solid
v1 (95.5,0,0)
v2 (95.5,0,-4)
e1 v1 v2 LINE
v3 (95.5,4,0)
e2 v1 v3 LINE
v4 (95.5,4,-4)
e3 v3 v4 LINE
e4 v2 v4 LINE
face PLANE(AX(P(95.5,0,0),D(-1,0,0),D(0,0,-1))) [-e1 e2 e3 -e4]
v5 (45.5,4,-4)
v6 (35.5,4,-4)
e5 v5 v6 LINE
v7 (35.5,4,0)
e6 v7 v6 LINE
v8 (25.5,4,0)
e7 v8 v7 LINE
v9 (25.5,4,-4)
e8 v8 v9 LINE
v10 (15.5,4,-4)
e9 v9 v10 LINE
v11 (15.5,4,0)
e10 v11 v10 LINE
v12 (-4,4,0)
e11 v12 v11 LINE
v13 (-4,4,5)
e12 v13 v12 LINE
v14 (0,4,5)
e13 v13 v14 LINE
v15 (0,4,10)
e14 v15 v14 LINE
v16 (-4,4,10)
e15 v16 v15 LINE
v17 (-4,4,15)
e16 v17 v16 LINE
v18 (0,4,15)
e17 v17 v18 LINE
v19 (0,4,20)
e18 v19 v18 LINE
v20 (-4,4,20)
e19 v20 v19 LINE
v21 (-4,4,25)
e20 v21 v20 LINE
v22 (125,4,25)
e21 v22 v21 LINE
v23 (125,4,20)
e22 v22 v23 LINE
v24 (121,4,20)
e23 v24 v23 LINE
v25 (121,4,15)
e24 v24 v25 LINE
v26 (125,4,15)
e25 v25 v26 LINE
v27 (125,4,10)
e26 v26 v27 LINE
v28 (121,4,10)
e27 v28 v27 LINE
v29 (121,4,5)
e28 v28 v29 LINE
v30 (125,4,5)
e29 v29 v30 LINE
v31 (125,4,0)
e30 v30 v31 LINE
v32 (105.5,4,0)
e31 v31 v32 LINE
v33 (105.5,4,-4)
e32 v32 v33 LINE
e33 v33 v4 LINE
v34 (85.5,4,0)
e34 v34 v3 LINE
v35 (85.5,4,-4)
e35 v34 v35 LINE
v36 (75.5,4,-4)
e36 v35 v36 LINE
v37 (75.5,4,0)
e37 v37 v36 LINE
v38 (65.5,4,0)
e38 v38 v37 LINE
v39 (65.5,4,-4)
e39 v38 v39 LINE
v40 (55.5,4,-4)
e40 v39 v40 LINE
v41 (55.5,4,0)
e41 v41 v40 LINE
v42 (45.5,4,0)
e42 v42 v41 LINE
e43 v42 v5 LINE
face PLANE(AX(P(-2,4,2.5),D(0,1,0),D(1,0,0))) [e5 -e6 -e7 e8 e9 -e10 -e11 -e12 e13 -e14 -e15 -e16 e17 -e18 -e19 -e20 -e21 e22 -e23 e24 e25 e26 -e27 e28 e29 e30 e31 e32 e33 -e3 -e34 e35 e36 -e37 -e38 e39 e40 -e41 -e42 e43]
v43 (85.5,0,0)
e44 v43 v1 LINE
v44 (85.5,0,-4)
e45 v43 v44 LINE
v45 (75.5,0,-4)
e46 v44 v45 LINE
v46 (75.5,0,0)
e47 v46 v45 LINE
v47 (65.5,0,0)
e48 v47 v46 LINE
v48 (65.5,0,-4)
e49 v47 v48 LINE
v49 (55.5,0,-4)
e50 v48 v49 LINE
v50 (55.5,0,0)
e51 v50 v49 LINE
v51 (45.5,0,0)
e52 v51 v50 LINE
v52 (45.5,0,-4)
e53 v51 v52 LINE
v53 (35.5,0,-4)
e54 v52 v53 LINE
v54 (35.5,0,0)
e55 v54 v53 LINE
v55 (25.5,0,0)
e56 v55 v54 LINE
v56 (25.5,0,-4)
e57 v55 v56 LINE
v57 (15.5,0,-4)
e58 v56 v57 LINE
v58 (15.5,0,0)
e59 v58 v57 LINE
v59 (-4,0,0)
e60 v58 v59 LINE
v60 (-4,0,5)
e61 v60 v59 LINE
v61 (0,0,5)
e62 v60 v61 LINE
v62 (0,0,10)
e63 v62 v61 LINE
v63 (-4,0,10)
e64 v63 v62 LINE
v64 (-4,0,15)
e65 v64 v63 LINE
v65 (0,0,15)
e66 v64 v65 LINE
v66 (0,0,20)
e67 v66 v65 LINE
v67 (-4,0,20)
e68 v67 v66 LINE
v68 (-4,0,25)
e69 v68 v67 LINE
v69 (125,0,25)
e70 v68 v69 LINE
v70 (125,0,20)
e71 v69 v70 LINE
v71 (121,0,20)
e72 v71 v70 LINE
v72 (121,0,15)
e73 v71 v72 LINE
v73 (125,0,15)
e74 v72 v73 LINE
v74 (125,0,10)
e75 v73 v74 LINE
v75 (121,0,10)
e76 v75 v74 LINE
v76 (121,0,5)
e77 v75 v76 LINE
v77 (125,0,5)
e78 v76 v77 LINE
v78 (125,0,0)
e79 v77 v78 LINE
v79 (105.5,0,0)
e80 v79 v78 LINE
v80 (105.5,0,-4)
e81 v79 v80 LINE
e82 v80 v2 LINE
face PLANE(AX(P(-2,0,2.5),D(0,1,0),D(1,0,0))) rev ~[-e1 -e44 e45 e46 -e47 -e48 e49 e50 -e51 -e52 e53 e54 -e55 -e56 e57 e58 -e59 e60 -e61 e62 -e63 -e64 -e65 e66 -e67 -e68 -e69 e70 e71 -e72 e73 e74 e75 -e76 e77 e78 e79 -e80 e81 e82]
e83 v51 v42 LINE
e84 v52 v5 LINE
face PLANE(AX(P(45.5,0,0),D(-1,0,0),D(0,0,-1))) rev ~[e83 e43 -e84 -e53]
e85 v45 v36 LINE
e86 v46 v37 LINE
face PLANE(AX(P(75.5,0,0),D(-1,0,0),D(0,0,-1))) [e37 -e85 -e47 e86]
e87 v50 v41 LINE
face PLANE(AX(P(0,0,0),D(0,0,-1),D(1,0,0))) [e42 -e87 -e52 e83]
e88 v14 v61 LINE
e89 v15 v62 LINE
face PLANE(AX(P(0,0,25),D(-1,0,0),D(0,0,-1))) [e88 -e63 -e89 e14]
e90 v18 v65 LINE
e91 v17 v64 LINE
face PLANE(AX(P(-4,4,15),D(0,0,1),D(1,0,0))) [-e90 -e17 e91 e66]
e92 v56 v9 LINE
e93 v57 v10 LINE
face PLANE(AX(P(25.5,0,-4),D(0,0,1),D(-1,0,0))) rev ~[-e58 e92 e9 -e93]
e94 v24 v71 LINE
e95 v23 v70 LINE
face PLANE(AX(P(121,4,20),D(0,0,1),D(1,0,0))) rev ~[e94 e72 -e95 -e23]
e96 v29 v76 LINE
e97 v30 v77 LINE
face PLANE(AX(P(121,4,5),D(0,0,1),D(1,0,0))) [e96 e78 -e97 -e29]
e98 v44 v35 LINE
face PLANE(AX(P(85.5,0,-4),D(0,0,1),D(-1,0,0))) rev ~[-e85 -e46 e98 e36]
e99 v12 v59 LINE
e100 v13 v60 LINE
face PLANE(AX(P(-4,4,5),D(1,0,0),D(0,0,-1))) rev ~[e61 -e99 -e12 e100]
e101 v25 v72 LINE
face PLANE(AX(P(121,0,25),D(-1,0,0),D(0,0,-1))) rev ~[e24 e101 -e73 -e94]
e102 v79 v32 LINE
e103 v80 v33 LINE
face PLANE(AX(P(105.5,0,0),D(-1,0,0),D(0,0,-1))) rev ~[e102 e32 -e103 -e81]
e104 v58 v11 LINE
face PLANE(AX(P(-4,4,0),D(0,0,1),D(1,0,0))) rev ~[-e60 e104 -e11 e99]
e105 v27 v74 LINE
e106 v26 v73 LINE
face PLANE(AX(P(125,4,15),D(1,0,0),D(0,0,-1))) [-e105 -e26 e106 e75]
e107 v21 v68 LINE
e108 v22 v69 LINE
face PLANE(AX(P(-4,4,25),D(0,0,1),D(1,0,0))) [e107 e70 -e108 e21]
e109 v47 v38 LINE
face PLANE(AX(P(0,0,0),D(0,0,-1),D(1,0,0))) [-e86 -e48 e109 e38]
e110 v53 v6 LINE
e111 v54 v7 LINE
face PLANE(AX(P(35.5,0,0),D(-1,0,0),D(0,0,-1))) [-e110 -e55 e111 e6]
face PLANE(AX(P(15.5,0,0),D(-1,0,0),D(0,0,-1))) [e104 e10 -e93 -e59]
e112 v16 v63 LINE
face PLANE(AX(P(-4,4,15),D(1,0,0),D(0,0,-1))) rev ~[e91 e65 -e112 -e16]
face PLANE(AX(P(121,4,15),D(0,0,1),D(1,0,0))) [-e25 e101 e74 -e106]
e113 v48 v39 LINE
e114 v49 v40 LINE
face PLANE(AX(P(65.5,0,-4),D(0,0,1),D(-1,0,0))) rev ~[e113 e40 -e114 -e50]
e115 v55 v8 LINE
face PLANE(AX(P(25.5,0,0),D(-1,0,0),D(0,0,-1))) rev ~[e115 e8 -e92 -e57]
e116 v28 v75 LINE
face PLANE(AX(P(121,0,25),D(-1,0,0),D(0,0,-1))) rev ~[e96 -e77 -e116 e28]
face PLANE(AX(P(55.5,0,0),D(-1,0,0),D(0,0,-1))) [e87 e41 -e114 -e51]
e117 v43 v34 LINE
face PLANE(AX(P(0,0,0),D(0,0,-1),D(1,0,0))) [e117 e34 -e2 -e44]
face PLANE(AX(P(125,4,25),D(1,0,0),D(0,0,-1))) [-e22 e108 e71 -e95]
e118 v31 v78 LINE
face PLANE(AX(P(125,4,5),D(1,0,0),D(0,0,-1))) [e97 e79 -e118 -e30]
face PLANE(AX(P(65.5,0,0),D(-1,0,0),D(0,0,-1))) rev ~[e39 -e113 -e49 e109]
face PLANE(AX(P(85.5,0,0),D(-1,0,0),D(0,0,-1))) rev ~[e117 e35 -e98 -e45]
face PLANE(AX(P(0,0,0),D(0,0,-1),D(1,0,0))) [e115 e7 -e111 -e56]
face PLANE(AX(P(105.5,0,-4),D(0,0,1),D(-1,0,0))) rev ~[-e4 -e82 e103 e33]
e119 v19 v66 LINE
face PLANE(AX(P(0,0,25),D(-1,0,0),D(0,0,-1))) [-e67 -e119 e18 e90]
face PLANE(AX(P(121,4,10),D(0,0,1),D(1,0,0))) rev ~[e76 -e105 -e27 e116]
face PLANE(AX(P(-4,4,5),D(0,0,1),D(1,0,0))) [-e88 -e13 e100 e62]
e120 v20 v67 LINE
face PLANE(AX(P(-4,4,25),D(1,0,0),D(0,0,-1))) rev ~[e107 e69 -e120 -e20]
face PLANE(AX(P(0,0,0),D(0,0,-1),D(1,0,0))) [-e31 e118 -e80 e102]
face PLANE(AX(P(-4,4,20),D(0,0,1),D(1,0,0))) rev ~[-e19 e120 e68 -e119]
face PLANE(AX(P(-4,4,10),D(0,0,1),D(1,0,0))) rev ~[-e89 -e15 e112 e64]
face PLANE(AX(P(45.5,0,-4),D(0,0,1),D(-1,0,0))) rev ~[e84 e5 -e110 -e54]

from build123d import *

# Parameters (mm, degrees)
SKETCH1_W           = 121
SKETCH1_H           = 25
BOSS_EXTRUDE1_DEPTH = 4
SKETCH3_W           = 10
SKETCH3_H           = 4
BOSS_EXTRUDE3_DEPTH = 4
LPATTERN2_COUNT     = 3
LPATTERN2_PITCH     = 20
LPATTERN2_COL_COUNT = 3
LPATTERN2_COL_PITCH = 20
SKETCH4_W           = 4
SKETCH4_H           = 5
BOSS_EXTRUDE4_DEPTH = 4
LPATTERN3_COUNT     = 3
LPATTERN3_PITCH     = 10


with BuildPart() as part:
    # Sketch1 → Boss-Extrude1 (new body)
    with BuildSketch(Plane(origin=(0, 0, 0), x_dir=(1, 0, 0), z_dir=(0, 1, 0))):
        with Locations((60.5, -12.5)):
            Rectangle(SKETCH1_W, SKETCH1_H)
    extrude(amount=BOSS_EXTRUDE1_DEPTH)

    # Sketch3 → Boss-Extrude3 (add, through all)
    with BuildSketch(Plane(origin=(0, 0, 0), x_dir=(-1, 0, 0), z_dir=(0, -1, 0))):
        with Locations((-60.5, 2)):
            Rectangle(SKETCH3_W, SKETCH3_H)
    boss_extrude3 = extrude(amount=-BOSS_EXTRUDE3_DEPTH)

    # LPattern2: Boss-Extrude3 ×3
    with Locations(*[(i * LPATTERN2_PITCH, 0, 0) for i in range(1, LPATTERN2_COUNT)]):
        add(boss_extrude3)

    # LPattern2 col: Boss-Extrude3 ×3
    with Locations(*[(-i * LPATTERN2_COL_PITCH, 0, 0) for i in range(1, LPATTERN2_COL_COUNT)]):
        add(boss_extrude3)

    # Sketch4 → Boss-Extrude4 (add, through all)
    with BuildSketch(Plane(origin=(0, 4, 0), x_dir=(1, 0, 0), z_dir=(0, 1, 0))):
        with Locations((-2, -22.5)):
            Rectangle(SKETCH4_W, SKETCH4_H)
        with Locations((123, -22.5)):
            Rectangle(SKETCH4_W, SKETCH4_H)
    boss_extrude4 = extrude(amount=-BOSS_EXTRUDE4_DEPTH)

    # LPattern3: Boss-Extrude4 ×3
    with Locations(*[(0, 0, -i * LPATTERN3_PITCH) for i in range(1, LPATTERN3_COUNT)]):
        add(boss_extrude4)


solid = part.part
